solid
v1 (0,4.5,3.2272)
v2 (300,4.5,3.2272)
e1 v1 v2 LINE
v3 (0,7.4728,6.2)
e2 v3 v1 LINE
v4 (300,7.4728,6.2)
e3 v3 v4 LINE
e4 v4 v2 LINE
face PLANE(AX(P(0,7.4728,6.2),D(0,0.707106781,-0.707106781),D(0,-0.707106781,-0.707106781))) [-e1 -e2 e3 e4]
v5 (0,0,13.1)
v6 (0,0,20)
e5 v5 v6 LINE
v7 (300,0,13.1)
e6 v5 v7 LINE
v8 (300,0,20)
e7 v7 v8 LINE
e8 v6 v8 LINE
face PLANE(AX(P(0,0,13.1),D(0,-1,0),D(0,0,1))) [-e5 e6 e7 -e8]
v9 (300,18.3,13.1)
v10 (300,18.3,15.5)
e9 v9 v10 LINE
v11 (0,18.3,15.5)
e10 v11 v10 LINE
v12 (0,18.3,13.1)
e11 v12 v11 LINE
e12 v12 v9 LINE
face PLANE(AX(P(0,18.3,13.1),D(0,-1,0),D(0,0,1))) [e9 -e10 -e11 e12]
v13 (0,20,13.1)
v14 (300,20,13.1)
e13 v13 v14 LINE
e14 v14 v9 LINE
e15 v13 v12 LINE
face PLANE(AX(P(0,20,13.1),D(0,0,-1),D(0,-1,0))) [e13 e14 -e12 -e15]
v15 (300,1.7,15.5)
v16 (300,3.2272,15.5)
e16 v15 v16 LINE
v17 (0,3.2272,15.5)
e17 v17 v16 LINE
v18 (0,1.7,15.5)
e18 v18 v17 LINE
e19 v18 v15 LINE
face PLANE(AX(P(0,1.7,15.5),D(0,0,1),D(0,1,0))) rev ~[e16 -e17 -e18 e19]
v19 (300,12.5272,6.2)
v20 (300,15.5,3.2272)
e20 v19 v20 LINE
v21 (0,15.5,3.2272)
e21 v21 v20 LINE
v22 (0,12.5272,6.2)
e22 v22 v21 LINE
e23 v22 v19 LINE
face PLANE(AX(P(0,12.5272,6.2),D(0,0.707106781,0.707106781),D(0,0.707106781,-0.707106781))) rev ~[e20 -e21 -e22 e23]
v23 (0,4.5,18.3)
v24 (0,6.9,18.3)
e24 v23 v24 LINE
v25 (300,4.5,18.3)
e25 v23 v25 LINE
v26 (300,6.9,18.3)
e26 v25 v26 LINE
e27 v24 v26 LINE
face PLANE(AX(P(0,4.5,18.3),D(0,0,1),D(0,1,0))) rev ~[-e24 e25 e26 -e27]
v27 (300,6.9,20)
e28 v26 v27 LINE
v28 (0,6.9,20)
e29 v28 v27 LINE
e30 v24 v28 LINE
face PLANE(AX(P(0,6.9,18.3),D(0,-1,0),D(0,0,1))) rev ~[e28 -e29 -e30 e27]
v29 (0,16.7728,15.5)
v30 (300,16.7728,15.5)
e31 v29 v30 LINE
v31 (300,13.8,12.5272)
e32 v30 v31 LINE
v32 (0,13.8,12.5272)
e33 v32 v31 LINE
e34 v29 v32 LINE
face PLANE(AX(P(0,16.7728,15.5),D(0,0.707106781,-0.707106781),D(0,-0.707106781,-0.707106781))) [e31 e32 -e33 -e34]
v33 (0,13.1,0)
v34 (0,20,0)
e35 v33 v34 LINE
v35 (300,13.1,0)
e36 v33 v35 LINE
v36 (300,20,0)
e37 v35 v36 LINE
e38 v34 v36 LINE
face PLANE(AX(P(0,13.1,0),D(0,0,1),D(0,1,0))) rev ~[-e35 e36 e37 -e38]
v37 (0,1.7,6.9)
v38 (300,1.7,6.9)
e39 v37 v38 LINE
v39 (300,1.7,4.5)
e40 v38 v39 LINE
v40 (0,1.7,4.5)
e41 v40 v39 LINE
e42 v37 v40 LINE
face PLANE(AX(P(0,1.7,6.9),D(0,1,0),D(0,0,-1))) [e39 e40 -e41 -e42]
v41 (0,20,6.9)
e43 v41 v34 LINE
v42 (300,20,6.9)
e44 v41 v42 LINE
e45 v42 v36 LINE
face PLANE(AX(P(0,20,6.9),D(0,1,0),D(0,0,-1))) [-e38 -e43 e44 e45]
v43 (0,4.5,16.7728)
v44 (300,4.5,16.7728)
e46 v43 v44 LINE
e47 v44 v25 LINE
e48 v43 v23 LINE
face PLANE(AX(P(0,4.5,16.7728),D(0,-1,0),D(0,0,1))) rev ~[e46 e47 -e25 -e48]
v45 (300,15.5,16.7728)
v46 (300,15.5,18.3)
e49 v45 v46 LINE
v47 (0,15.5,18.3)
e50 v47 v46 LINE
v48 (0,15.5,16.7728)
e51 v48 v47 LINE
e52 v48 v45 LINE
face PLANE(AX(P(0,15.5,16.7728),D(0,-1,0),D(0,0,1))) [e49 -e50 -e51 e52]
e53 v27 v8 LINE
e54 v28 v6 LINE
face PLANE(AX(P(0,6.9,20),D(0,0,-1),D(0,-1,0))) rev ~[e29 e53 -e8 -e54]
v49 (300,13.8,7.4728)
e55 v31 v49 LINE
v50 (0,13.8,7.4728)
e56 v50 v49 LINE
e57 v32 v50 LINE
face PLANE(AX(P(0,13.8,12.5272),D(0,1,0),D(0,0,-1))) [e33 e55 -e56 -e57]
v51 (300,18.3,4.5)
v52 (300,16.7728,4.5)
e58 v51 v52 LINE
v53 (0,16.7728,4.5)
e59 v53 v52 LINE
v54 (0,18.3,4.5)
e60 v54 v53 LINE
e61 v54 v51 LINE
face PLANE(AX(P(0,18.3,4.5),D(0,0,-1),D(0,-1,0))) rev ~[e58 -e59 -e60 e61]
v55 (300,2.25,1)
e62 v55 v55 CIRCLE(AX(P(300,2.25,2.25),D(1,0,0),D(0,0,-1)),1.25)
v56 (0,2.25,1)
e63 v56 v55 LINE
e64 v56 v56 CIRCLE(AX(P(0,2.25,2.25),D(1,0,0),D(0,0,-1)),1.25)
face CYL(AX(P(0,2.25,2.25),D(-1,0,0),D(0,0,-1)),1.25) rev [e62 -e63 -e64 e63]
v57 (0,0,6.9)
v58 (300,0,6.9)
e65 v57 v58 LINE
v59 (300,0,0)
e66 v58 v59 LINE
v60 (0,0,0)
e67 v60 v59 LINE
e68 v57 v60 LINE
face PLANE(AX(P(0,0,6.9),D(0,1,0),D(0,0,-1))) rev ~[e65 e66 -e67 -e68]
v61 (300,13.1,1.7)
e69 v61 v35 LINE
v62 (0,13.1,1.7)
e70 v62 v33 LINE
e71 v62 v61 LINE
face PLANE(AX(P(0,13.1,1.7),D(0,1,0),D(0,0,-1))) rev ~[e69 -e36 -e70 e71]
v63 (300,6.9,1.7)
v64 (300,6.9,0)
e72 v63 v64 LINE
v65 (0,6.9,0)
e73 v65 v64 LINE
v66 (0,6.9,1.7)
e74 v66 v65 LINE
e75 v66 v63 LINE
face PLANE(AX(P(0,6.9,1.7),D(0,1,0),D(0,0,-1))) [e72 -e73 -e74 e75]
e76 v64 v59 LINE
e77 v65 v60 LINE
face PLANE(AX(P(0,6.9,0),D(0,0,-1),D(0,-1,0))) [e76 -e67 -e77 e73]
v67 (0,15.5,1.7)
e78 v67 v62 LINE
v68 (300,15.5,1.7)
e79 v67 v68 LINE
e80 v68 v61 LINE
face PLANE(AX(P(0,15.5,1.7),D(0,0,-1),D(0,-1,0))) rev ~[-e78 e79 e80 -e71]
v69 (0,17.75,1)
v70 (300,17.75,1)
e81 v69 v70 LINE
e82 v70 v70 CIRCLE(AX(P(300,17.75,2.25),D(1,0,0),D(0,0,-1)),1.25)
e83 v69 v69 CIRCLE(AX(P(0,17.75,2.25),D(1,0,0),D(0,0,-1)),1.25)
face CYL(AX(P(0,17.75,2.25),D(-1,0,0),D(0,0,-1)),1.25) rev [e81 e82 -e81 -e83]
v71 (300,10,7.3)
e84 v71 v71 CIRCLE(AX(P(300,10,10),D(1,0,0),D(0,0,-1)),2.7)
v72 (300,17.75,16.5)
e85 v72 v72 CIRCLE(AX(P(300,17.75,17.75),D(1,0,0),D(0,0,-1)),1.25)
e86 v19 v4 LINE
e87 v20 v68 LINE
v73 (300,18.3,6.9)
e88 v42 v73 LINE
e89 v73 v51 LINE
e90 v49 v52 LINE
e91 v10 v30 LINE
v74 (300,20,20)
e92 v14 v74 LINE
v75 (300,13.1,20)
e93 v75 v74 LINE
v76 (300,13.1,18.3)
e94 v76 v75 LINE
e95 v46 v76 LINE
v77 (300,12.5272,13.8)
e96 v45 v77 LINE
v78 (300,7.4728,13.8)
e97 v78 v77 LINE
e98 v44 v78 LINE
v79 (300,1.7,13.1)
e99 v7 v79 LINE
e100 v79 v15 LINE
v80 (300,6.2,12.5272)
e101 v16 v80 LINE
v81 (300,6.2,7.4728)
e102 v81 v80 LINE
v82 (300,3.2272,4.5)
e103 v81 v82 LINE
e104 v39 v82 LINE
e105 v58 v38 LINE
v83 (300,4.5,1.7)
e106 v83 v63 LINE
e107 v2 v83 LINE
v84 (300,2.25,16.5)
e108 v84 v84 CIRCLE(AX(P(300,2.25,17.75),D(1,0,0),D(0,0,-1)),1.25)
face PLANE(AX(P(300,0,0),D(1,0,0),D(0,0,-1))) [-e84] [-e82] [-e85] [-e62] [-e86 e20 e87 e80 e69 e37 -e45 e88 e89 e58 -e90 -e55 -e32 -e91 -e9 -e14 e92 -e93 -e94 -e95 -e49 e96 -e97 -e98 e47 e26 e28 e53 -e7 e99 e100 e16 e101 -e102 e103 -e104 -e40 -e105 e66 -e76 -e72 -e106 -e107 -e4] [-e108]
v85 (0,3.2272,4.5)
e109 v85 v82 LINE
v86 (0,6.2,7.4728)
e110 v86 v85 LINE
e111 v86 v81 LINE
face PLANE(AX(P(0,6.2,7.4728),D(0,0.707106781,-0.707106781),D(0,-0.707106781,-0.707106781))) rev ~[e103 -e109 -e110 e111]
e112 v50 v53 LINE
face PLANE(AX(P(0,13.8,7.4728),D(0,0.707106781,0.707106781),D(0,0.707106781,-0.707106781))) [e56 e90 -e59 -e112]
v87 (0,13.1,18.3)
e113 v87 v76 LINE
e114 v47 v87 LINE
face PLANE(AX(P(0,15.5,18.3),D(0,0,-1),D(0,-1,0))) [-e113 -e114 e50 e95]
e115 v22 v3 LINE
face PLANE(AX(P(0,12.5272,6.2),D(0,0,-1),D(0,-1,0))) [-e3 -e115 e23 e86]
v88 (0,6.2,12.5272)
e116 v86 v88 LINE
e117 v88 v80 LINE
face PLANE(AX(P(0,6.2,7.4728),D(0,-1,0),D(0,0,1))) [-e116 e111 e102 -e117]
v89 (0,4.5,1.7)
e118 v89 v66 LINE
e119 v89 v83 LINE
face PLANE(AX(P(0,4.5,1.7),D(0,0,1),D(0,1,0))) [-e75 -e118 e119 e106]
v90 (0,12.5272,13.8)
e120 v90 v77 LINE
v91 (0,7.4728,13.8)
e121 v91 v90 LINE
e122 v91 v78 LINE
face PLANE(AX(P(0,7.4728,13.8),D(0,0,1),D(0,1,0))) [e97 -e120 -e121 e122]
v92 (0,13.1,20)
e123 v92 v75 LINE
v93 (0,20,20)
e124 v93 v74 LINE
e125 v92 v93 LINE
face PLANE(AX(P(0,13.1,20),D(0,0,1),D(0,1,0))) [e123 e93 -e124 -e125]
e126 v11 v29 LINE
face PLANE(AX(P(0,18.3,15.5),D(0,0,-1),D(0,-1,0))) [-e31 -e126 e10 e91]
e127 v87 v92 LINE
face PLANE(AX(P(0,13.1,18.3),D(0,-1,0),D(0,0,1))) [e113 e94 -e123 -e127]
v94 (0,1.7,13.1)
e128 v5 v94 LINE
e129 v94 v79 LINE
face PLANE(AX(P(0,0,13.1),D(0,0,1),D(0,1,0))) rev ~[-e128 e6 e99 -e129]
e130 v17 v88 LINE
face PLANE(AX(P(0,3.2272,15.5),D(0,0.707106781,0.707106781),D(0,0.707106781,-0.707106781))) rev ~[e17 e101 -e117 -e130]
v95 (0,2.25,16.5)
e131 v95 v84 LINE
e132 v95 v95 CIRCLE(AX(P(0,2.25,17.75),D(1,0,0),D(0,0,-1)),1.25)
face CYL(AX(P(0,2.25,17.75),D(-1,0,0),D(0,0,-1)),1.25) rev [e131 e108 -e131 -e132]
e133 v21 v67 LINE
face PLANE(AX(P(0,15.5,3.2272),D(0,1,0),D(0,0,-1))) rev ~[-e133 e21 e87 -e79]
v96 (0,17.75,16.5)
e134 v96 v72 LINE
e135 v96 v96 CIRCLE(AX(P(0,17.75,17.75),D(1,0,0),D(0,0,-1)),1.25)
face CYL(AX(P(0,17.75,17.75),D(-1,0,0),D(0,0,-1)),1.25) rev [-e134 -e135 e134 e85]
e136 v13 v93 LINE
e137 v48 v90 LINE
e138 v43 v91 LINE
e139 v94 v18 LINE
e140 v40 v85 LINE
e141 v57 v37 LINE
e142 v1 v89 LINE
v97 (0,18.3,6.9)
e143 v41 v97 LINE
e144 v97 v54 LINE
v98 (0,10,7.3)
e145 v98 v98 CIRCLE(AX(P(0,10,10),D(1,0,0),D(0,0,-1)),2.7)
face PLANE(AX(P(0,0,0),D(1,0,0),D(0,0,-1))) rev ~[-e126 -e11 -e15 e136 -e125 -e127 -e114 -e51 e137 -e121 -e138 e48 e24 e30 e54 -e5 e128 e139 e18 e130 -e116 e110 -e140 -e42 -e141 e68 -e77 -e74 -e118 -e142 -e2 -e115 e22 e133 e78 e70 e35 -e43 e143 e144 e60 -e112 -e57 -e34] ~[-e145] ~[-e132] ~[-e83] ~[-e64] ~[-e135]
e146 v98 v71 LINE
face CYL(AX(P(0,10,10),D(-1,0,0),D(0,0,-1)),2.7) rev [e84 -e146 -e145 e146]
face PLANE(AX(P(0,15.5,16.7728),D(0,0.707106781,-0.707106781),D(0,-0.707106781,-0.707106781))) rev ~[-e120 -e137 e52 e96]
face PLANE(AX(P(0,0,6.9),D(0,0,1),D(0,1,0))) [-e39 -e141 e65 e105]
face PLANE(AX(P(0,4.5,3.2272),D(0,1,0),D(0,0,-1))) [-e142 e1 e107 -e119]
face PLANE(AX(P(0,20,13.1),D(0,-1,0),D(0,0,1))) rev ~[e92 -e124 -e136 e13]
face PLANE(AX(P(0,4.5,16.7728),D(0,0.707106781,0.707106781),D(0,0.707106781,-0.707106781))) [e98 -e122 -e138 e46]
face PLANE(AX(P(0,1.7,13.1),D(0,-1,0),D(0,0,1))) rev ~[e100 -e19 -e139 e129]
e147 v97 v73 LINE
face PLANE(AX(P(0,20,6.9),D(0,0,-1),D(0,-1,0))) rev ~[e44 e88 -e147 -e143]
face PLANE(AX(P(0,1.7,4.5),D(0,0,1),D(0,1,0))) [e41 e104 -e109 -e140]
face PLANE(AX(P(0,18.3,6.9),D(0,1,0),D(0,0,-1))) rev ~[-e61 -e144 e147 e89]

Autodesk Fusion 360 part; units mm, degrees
sketch "Sketch1" plane through (0, 0, 0) normal (1, 0, 0) x (0, 0, -1)
  circle A0 centre (-17.75, 2.25) radius 1.25
  circle A1 centre (-2.25, 2.25) radius 1.25
  circle A2 centre (-17.75, 17.75) radius 1.25
  circle A3 centre (-2.25, 17.75) radius 1.25
  circle A4 centre (-10, 10) radius 2.7
  line L0 (-13.1, 0) -> (-13.1, 1.7)
  line L1 (-13.1, 1.7) -> (-15.5, 1.7)
  line L2 (-15.5, 1.7) -> (-15.5, 3.2272)
  line L3 (-13.1, 0) -> (-20, 0)
  line L4 (-13.1, 0) -> (-6.9, 0) construction
  line L5 (-10, 15.8164) -> (-10, 4.0346) construction
  line L6 (-15.4081, 10) -> (-4.6511, 10) construction
  line L7 (-16.7728, 4.5) -> (-18.3, 4.5)
  line L8 (-18.3, 4.5) -> (-18.3, 6.9)
  line L9 (-18.3, 6.9) -> (-20, 6.9)
  line L10 (-20, 6.9) -> (-20, 0)
  line L11 (0, 6.9) -> (0, 0)
  line L12 (-1.7, 6.9) -> (0, 6.9)
  line L13 (-1.7, 4.5) -> (-1.7, 6.9)
  line L14 (-3.2272, 4.5) -> (-1.7, 4.5)
  line L15 (-4.5, 1.7) -> (-4.5, 3.2272)
  line L16 (-6.9, 1.7) -> (-4.5, 1.7)
  line L17 (-6.9, 0) -> (-6.9, 1.7)
  line L18 (-6.9, 0) -> (0, 0)
  line L19 (-6.9, 20) -> (-6.9, 18.3)
  line L20 (-6.9, 18.3) -> (-4.5, 18.3)
  line L21 (-4.5, 18.3) -> (-4.5, 16.7728)
  line L22 (-3.2272, 15.5) -> (-1.7, 15.5)
  line L23 (-1.7, 15.5) -> (-1.7, 13.1)
  line L24 (-1.7, 13.1) -> (0, 13.1)
  line L25 (0, 13.1) -> (0, 20)
  line L26 (-6.9, 20) -> (0, 20)
  line L27 (-13.1, 20) -> (-13.1, 18.3)
  line L28 (-13.1, 20) -> (-20, 20)
  line L29 (-13.1, 18.3) -> (-15.5, 18.3)
  line L30 (-15.5, 18.3) -> (-15.5, 16.7728)
  line L31 (-16.7728, 15.5) -> (-18.3, 15.5)
  line L32 (-18.3, 15.5) -> (-18.3, 13.1)
  line L33 (-18.3, 13.1) -> (-20, 13.1)
  line L34 (-20, 13.1) -> (-20, 20)
  line L35 (-16.7728, 4.5) -> (-13.8, 7.4728)
  line L36 (-7.4728, 13.8) -> (-4.5, 16.7728)
  line L37 (-15.5, 16.7728) -> (-12.5272, 13.8)
  line L38 (-6.2, 7.4728) -> (-3.2272, 4.5)
  line L39 (-15.5, 3.2272) -> (-12.5272, 6.2)
  line L40 (-6.2, 12.5272) -> (-3.2272, 15.5)
  line L41 (-16.7728, 15.5) -> (-13.8, 12.5272)
  line L42 (-7.4728, 6.2) -> (-4.5, 3.2272)
  line L43 (-12.5272, 13.8) -> (-7.4728, 13.8)
  line L44 (-6.2, 12.5272) -> (-6.2, 7.4728)
  line L45 (-7.4728, 6.2) -> (-12.5272, 6.2)
  line L46 (-13.8, 7.4728) -> (-13.8, 12.5272)
  line L47 (-17.75, 17.75) -> (-2.25, 2.25) construction
  line L48 (-17.75, 2.25) -> (-2.25, 17.75) construction
  dimension "d3" = 2.5
  dimension "d13" = 15.5
  dimension "d14" = 5.4
  dimension "d16" = 2.4
  dimension "d19" = 1.7
  dimension "d21" = 3.1
  dimension "d29" = 4.5
  dimension "d30" = 1.7
  dimension "d31" = 2.4
  dimension "d32" = 4.5
extrude "Extrude1" add sketch "Sketch1" along normal blind 300
